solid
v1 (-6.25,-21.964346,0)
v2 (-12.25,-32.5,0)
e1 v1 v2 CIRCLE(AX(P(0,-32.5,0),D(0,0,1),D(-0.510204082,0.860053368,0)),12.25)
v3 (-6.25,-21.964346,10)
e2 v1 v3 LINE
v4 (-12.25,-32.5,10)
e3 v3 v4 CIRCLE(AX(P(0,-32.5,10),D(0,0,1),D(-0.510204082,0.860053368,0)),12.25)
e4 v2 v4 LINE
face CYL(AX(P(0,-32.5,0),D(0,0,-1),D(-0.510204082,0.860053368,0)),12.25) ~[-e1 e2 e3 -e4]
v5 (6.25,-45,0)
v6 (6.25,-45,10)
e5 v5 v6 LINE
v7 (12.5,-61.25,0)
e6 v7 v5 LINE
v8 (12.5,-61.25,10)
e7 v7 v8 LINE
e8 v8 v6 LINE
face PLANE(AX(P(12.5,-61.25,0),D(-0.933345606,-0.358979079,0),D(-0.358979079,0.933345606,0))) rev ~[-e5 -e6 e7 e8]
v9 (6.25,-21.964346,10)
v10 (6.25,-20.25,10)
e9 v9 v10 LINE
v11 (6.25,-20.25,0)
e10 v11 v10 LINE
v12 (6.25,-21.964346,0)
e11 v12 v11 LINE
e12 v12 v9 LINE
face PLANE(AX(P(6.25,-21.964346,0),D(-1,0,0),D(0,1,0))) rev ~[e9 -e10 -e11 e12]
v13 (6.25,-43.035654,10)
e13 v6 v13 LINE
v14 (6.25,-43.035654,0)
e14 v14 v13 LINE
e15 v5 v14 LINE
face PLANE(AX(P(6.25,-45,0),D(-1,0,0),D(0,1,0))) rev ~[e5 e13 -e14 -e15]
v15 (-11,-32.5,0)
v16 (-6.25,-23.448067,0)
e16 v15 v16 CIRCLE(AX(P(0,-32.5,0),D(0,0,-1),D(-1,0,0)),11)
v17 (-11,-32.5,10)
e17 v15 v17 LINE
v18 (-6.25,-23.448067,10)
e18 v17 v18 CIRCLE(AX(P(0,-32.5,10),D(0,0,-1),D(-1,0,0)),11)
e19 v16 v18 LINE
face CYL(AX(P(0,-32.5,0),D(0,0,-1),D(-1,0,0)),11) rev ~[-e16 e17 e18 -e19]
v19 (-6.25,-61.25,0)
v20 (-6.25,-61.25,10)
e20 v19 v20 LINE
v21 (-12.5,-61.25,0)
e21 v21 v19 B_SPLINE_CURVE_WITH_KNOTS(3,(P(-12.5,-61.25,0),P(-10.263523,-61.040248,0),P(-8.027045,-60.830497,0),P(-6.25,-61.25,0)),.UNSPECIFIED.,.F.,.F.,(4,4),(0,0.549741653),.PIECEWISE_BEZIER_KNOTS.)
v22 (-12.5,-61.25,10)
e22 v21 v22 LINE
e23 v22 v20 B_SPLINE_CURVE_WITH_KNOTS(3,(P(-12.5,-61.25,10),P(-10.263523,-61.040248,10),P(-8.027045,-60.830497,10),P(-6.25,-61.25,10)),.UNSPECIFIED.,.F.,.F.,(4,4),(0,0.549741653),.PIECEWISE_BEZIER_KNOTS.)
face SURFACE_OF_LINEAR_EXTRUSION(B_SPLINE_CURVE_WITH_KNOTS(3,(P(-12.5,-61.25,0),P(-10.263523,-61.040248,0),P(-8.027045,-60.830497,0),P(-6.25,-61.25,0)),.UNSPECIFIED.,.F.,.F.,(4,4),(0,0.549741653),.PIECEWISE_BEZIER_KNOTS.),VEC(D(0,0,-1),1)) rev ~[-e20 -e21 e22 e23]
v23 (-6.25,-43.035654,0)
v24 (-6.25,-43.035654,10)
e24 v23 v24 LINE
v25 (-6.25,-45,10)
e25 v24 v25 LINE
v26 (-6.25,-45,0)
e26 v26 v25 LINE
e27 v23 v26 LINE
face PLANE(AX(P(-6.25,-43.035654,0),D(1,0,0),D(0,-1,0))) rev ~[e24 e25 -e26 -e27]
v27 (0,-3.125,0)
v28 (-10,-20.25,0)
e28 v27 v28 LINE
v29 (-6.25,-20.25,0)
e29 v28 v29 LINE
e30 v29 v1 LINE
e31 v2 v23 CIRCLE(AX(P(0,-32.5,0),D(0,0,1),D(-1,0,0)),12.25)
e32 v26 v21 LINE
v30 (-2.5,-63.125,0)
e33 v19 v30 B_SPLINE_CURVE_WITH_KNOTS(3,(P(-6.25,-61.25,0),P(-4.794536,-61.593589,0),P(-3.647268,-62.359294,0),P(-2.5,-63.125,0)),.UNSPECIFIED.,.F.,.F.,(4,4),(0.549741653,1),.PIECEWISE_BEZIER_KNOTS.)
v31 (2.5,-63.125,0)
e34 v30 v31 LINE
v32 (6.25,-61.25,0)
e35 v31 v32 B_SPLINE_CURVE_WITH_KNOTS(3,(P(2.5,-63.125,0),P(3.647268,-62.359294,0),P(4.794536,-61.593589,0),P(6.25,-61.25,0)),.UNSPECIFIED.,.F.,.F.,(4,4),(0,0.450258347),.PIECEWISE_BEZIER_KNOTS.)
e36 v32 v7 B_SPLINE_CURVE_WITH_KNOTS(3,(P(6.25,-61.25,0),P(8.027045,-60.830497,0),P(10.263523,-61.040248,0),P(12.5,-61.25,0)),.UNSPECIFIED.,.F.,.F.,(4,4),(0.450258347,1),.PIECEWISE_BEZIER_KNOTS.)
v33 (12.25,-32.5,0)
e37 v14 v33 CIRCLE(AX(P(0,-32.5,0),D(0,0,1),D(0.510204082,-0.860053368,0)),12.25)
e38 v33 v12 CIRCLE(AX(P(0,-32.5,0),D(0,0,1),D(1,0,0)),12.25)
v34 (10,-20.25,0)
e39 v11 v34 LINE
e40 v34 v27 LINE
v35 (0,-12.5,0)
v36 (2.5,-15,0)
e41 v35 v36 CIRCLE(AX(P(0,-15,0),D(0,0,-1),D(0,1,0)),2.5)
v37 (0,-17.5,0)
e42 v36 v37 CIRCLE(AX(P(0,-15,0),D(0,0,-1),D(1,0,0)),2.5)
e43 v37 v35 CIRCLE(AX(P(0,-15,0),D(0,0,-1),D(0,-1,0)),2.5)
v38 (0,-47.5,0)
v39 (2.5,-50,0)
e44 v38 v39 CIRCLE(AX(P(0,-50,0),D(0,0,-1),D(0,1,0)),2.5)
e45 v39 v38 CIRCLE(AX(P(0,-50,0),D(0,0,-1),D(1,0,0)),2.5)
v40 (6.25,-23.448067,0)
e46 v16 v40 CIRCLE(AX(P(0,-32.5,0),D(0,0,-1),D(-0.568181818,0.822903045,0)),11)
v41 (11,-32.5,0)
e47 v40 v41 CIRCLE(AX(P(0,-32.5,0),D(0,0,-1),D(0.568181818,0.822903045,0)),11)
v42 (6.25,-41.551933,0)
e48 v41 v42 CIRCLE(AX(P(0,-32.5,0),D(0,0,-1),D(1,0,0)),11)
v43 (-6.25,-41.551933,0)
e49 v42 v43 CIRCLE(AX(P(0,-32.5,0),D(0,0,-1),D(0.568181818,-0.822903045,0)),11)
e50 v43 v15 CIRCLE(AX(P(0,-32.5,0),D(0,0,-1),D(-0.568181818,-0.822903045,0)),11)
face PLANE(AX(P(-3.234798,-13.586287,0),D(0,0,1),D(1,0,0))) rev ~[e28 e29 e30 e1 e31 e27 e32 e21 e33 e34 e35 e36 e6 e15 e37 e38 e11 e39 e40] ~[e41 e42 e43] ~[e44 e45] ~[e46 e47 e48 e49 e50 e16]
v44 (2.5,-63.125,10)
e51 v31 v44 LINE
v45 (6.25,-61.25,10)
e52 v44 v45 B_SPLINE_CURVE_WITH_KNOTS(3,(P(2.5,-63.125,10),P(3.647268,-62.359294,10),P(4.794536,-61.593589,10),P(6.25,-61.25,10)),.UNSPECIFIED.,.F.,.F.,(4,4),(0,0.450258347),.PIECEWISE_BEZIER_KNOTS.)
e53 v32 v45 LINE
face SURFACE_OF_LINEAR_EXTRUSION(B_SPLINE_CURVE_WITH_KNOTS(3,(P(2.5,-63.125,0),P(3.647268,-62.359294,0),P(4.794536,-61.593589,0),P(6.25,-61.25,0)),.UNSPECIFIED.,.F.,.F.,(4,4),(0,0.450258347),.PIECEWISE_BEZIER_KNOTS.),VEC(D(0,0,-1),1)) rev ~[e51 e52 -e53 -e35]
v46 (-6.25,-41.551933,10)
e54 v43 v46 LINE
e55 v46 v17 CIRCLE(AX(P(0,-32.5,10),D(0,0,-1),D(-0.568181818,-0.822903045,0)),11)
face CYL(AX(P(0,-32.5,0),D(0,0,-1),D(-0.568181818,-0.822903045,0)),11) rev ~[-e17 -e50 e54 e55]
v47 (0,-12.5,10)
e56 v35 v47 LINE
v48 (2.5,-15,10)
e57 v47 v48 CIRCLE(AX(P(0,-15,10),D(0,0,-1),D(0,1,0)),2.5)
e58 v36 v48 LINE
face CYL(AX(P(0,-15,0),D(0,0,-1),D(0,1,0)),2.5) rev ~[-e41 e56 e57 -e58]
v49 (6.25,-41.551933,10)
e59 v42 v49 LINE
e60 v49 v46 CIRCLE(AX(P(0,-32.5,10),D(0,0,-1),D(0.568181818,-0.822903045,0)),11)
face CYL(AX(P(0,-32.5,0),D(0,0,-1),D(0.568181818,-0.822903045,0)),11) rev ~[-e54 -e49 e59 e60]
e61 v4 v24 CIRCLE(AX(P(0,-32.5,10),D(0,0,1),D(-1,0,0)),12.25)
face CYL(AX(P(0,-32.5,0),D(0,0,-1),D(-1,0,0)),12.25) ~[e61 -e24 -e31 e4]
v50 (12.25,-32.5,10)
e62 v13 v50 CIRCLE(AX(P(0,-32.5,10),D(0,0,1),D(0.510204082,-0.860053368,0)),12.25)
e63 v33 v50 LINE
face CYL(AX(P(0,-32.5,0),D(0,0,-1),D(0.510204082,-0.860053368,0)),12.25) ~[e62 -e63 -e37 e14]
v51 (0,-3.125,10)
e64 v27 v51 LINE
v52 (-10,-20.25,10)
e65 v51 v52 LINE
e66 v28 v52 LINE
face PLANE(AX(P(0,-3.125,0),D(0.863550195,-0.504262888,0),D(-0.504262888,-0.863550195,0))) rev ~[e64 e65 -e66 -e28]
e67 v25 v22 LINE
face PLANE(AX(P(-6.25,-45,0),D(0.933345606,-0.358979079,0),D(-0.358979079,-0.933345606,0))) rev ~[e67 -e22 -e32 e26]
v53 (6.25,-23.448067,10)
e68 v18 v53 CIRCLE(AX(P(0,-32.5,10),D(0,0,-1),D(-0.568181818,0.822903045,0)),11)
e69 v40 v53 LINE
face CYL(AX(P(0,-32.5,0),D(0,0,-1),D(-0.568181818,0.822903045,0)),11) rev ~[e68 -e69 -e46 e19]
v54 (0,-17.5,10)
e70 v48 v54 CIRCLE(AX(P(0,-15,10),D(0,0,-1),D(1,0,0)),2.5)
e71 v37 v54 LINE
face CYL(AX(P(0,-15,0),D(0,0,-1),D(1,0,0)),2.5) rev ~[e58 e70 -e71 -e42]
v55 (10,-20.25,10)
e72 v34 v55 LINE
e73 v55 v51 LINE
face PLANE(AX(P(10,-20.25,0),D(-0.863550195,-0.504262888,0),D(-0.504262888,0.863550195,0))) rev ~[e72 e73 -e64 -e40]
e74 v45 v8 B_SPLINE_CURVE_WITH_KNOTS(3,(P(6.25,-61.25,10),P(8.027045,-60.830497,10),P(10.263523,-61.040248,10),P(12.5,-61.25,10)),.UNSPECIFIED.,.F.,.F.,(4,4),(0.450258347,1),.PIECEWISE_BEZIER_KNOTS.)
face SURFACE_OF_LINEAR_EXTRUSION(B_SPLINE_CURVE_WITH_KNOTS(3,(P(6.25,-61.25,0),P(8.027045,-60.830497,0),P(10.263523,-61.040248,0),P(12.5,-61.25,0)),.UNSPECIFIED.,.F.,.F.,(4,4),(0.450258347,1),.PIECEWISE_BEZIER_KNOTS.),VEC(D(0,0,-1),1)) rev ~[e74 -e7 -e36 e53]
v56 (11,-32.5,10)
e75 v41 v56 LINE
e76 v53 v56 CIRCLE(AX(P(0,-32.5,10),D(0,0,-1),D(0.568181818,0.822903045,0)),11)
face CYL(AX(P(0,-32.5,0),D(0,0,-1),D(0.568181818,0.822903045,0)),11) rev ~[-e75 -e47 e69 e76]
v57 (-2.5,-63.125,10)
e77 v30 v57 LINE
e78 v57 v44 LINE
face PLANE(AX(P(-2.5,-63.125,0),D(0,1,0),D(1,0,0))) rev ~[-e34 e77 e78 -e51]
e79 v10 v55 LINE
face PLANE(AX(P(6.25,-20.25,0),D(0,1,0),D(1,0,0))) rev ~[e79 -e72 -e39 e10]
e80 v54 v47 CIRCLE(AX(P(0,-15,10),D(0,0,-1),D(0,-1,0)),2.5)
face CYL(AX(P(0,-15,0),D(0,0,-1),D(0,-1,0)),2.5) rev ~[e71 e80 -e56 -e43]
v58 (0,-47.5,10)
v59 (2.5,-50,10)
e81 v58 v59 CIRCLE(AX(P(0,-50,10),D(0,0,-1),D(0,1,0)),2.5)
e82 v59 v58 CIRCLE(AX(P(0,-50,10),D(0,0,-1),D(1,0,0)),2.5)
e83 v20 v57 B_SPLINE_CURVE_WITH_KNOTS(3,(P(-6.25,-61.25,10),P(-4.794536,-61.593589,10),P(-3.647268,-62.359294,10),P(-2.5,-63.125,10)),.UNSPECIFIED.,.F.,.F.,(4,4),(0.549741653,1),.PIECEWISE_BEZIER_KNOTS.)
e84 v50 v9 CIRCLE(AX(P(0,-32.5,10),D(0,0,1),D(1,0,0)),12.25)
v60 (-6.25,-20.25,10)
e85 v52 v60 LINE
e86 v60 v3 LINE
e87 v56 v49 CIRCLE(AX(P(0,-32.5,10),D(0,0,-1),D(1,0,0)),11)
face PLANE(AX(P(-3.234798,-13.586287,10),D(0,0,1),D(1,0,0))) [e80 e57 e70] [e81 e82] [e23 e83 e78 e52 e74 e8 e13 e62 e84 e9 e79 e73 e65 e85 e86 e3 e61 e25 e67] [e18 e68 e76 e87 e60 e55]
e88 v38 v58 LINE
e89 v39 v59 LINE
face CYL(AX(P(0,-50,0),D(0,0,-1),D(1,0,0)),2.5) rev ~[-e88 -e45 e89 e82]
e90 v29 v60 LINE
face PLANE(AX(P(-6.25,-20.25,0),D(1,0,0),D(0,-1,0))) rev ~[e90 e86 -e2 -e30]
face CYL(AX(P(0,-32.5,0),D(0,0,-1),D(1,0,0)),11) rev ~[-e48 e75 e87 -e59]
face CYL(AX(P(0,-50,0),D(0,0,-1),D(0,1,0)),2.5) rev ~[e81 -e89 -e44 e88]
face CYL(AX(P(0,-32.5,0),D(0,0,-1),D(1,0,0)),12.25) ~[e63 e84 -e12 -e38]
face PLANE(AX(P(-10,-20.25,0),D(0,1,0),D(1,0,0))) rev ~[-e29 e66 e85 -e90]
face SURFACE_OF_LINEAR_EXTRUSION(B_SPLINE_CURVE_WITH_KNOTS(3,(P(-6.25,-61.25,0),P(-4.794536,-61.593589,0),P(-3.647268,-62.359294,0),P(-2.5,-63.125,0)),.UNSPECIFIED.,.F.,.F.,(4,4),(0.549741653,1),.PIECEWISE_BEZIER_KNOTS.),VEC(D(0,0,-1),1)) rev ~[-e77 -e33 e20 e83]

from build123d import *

# Parameters (mm, degrees)
F1_DEPTH = 10


with BuildPart() as f1:
    # F0 (on Top) → F1 (new body)
    with BuildSketch(Plane.XY):
        with BuildLine():
            Line((-6.25, -20.25), (0, -20.25))
            Line((0, -20.25), (0, -17.5))
            ThreePointArc((0, -17.5), (-2.5, -15), (0, -12.5))
            Line((0, -12.5), (0, -3.125))
            Line((0, -3.125), (-10, -20.25))
            Line((-10, -20.25), (-6.25, -20.25))
        make_face()
        with BuildLine():
            Line((0, -17.5), (0, -20.25))
            Line((0, -20.25), (6.25, -20.25))
            Line((6.25, -20.25), (10, -20.25))
            Line((10, -20.25), (0, -3.125))
            Line((0, -3.125), (0, -12.5))
            ThreePointArc((0, -12.5), (1.767766953, -13.232233047), (2.5, -15))
            ThreePointArc((2.5, -15), (1.767766953, -16.767766953), (0, -17.5))
        make_face()
        with BuildLine():
            Line((-12.25, -32.5), (-11, -32.5))
            ThreePointArc((-11, -32.5), (-9.7403798694, -27.3887379249), (-6.25, -23.4480665049))
            Line((-6.25, -23.4480665049), (-6.25, -21.9643462471))
            ThreePointArc((-6.25, -21.9643462471), (-10.644834428, -26.4378221735), (-12.25, -32.5))
        make_face()
        with BuildLine():
            Line((12.25, -32.5), (11, -32.5))
            ThreePointArc((11, -32.5), (9.7403798694, -37.6112620751), (6.25, -41.5519334951))
            Line((6.25, -41.5519334951), (6.25, -43.0356537529))
            ThreePointArc((6.25, -43.0356537529), (10.644834428, -38.5621778265), (12.25, -32.5))
        make_face()
        with BuildLine():
            ThreePointArc((6.25, -23.4480665049), (9.7403798694, -27.3887379249), (11, -32.5))
            Line((11, -32.5), (12.25, -32.5))
            ThreePointArc((12.25, -32.5), (10.644834428, -26.4378221735), (6.25, -21.9643462471))
            Line((6.25, -21.9643462471), (6.25, -23.4480665049))
        make_face()
        with BuildLine():
            ThreePointArc((-6.25, -41.5519334951), (-9.7403798694, -37.6112620751), (-11, -32.5))
            Line((-11, -32.5), (-12.25, -32.5))
            ThreePointArc((-12.25, -32.5), (-10.644834428, -38.5621778265), (-6.25, -43.0356537529))
            Line((-6.25, -43.0356537529), (-6.25, -41.5519334951))
        make_face()
        with BuildLine():
            Line((12.5, -61.25), (6.25, -45))
            Line((6.25, -45), (6.25, -61.25))
            add(Edge.make_bspline(
                [(6.25, -61.25), (8.0270451152, -60.8304965537), (10.2635225576, -61.0402482769), (12.5, -61.25)],
                knots=[0.4502583469, 0.4502583469, 0.4502583469, 0.4502583469, 1, 1, 1, 1], degree=3))
        make_face()
        Polygon((6.25, -45), (-6.25, -45), (-6.25, -61.25), (0, -61.25), (6.25, -61.25), align=None)
        with BuildLine():
            ThreePointArc((0, -47.5), (1.767766953, -48.232233047), (2.5, -50))
            ThreePointArc((2.5, -50), (-1.767766953, -51.767766953), (0, -47.5))
        make_face(mode=Mode.SUBTRACT)
        with BuildLine():
            Line((-6.25, -61.25), (-6.25, -45))
            Line((-6.25, -45), (-12.5, -61.25))
            add(Edge.make_bspline(
                [(-12.5, -61.25), (-10.2635225576, -61.0402482769), (-8.0270451152, -60.8304965537), (-6.25, -61.25)],
                knots=[0, 0, 0, 0, 0.5497416531, 0.5497416531, 0.5497416531, 0.5497416531], degree=3))
        make_face()
        with BuildLine():
            add(Edge.make_bspline(
                [(2.5, -63.125), (3.6472678085, -62.3592942666), (4.7945356171, -61.5935885332), (6.25, -61.25)],
                knots=[0, 0, 0, 0, 0.4502583469, 0.4502583469, 0.4502583469, 0.4502583469], degree=3))
            Line((6.25, -61.25), (0, -61.25))
            Line((0, -61.25), (0, -63.125))
            Line((0, -63.125), (2.5, -63.125))
        make_face()
        with BuildLine():
            Line((0, -61.25), (-6.25, -61.25))
            add(Edge.make_bspline(
                [(-6.25, -61.25), (-4.7945356171, -61.5935885332), (-3.6472678085, -62.3592942666), (-2.5, -63.125)],
                knots=[0.5497416531, 0.5497416531, 0.5497416531, 0.5497416531, 1, 1, 1, 1], degree=3))
            Line((-2.5, -63.125), (0, -63.125))
            Line((0, -63.125), (0, -61.25))
        make_face()
        with BuildLine():
            Line((-6.25, -21.9643462471), (-6.25, -23.4480665049))
            ThreePointArc((-6.25, -23.4480665049), (0, -21.5), (6.25, -23.4480665049))
            Line((6.25, -23.4480665049), (6.25, -21.9643462471))
            ThreePointArc((6.25, -21.9643462471), (3.2404275588, -20.6863583415), (0, -20.25))
            ThreePointArc((0, -20.25), (-3.2404275588, -20.6863583415), (-6.25, -21.9643462471))
        make_face()
        with BuildLine():
            ThreePointArc((6.25, -41.5519334951), (0, -43.5), (-6.25, -41.5519334951))
            Line((-6.25, -41.5519334951), (-6.25, -43.0356537529))
            ThreePointArc((-6.25, -43.0356537529), (0, -44.75), (6.25, -43.0356537529))
            Line((6.25, -43.0356537529), (6.25, -41.5519334951))
        make_face()
        with BuildLine():
            ThreePointArc((6.25, -43.0356537529), (0, -44.75), (-6.25, -43.0356537529))
            Line((-6.25, -43.0356537529), (-6.25, -45))
            Line((-6.25, -45), (6.25, -45))
            Line((6.25, -45), (6.25, -43.0356537529))
        make_face()
        with BuildLine():
            Line((-6.25, -20.25), (-6.25, -21.9643462471))
            ThreePointArc((-6.25, -21.9643462471), (-3.2404275588, -20.6863583415), (0, -20.25))
            Line((0, -20.25), (-6.25, -20.25))
        make_face()
        with BuildLine():
            ThreePointArc((0, -20.25), (3.2404275588, -20.6863583415), (6.25, -21.9643462471))
            Line((6.25, -21.9643462471), (6.25, -20.25))
            Line((6.25, -20.25), (0, -20.25))
        make_face()
    extrude(amount=F1_DEPTH)


solid = f1.part
